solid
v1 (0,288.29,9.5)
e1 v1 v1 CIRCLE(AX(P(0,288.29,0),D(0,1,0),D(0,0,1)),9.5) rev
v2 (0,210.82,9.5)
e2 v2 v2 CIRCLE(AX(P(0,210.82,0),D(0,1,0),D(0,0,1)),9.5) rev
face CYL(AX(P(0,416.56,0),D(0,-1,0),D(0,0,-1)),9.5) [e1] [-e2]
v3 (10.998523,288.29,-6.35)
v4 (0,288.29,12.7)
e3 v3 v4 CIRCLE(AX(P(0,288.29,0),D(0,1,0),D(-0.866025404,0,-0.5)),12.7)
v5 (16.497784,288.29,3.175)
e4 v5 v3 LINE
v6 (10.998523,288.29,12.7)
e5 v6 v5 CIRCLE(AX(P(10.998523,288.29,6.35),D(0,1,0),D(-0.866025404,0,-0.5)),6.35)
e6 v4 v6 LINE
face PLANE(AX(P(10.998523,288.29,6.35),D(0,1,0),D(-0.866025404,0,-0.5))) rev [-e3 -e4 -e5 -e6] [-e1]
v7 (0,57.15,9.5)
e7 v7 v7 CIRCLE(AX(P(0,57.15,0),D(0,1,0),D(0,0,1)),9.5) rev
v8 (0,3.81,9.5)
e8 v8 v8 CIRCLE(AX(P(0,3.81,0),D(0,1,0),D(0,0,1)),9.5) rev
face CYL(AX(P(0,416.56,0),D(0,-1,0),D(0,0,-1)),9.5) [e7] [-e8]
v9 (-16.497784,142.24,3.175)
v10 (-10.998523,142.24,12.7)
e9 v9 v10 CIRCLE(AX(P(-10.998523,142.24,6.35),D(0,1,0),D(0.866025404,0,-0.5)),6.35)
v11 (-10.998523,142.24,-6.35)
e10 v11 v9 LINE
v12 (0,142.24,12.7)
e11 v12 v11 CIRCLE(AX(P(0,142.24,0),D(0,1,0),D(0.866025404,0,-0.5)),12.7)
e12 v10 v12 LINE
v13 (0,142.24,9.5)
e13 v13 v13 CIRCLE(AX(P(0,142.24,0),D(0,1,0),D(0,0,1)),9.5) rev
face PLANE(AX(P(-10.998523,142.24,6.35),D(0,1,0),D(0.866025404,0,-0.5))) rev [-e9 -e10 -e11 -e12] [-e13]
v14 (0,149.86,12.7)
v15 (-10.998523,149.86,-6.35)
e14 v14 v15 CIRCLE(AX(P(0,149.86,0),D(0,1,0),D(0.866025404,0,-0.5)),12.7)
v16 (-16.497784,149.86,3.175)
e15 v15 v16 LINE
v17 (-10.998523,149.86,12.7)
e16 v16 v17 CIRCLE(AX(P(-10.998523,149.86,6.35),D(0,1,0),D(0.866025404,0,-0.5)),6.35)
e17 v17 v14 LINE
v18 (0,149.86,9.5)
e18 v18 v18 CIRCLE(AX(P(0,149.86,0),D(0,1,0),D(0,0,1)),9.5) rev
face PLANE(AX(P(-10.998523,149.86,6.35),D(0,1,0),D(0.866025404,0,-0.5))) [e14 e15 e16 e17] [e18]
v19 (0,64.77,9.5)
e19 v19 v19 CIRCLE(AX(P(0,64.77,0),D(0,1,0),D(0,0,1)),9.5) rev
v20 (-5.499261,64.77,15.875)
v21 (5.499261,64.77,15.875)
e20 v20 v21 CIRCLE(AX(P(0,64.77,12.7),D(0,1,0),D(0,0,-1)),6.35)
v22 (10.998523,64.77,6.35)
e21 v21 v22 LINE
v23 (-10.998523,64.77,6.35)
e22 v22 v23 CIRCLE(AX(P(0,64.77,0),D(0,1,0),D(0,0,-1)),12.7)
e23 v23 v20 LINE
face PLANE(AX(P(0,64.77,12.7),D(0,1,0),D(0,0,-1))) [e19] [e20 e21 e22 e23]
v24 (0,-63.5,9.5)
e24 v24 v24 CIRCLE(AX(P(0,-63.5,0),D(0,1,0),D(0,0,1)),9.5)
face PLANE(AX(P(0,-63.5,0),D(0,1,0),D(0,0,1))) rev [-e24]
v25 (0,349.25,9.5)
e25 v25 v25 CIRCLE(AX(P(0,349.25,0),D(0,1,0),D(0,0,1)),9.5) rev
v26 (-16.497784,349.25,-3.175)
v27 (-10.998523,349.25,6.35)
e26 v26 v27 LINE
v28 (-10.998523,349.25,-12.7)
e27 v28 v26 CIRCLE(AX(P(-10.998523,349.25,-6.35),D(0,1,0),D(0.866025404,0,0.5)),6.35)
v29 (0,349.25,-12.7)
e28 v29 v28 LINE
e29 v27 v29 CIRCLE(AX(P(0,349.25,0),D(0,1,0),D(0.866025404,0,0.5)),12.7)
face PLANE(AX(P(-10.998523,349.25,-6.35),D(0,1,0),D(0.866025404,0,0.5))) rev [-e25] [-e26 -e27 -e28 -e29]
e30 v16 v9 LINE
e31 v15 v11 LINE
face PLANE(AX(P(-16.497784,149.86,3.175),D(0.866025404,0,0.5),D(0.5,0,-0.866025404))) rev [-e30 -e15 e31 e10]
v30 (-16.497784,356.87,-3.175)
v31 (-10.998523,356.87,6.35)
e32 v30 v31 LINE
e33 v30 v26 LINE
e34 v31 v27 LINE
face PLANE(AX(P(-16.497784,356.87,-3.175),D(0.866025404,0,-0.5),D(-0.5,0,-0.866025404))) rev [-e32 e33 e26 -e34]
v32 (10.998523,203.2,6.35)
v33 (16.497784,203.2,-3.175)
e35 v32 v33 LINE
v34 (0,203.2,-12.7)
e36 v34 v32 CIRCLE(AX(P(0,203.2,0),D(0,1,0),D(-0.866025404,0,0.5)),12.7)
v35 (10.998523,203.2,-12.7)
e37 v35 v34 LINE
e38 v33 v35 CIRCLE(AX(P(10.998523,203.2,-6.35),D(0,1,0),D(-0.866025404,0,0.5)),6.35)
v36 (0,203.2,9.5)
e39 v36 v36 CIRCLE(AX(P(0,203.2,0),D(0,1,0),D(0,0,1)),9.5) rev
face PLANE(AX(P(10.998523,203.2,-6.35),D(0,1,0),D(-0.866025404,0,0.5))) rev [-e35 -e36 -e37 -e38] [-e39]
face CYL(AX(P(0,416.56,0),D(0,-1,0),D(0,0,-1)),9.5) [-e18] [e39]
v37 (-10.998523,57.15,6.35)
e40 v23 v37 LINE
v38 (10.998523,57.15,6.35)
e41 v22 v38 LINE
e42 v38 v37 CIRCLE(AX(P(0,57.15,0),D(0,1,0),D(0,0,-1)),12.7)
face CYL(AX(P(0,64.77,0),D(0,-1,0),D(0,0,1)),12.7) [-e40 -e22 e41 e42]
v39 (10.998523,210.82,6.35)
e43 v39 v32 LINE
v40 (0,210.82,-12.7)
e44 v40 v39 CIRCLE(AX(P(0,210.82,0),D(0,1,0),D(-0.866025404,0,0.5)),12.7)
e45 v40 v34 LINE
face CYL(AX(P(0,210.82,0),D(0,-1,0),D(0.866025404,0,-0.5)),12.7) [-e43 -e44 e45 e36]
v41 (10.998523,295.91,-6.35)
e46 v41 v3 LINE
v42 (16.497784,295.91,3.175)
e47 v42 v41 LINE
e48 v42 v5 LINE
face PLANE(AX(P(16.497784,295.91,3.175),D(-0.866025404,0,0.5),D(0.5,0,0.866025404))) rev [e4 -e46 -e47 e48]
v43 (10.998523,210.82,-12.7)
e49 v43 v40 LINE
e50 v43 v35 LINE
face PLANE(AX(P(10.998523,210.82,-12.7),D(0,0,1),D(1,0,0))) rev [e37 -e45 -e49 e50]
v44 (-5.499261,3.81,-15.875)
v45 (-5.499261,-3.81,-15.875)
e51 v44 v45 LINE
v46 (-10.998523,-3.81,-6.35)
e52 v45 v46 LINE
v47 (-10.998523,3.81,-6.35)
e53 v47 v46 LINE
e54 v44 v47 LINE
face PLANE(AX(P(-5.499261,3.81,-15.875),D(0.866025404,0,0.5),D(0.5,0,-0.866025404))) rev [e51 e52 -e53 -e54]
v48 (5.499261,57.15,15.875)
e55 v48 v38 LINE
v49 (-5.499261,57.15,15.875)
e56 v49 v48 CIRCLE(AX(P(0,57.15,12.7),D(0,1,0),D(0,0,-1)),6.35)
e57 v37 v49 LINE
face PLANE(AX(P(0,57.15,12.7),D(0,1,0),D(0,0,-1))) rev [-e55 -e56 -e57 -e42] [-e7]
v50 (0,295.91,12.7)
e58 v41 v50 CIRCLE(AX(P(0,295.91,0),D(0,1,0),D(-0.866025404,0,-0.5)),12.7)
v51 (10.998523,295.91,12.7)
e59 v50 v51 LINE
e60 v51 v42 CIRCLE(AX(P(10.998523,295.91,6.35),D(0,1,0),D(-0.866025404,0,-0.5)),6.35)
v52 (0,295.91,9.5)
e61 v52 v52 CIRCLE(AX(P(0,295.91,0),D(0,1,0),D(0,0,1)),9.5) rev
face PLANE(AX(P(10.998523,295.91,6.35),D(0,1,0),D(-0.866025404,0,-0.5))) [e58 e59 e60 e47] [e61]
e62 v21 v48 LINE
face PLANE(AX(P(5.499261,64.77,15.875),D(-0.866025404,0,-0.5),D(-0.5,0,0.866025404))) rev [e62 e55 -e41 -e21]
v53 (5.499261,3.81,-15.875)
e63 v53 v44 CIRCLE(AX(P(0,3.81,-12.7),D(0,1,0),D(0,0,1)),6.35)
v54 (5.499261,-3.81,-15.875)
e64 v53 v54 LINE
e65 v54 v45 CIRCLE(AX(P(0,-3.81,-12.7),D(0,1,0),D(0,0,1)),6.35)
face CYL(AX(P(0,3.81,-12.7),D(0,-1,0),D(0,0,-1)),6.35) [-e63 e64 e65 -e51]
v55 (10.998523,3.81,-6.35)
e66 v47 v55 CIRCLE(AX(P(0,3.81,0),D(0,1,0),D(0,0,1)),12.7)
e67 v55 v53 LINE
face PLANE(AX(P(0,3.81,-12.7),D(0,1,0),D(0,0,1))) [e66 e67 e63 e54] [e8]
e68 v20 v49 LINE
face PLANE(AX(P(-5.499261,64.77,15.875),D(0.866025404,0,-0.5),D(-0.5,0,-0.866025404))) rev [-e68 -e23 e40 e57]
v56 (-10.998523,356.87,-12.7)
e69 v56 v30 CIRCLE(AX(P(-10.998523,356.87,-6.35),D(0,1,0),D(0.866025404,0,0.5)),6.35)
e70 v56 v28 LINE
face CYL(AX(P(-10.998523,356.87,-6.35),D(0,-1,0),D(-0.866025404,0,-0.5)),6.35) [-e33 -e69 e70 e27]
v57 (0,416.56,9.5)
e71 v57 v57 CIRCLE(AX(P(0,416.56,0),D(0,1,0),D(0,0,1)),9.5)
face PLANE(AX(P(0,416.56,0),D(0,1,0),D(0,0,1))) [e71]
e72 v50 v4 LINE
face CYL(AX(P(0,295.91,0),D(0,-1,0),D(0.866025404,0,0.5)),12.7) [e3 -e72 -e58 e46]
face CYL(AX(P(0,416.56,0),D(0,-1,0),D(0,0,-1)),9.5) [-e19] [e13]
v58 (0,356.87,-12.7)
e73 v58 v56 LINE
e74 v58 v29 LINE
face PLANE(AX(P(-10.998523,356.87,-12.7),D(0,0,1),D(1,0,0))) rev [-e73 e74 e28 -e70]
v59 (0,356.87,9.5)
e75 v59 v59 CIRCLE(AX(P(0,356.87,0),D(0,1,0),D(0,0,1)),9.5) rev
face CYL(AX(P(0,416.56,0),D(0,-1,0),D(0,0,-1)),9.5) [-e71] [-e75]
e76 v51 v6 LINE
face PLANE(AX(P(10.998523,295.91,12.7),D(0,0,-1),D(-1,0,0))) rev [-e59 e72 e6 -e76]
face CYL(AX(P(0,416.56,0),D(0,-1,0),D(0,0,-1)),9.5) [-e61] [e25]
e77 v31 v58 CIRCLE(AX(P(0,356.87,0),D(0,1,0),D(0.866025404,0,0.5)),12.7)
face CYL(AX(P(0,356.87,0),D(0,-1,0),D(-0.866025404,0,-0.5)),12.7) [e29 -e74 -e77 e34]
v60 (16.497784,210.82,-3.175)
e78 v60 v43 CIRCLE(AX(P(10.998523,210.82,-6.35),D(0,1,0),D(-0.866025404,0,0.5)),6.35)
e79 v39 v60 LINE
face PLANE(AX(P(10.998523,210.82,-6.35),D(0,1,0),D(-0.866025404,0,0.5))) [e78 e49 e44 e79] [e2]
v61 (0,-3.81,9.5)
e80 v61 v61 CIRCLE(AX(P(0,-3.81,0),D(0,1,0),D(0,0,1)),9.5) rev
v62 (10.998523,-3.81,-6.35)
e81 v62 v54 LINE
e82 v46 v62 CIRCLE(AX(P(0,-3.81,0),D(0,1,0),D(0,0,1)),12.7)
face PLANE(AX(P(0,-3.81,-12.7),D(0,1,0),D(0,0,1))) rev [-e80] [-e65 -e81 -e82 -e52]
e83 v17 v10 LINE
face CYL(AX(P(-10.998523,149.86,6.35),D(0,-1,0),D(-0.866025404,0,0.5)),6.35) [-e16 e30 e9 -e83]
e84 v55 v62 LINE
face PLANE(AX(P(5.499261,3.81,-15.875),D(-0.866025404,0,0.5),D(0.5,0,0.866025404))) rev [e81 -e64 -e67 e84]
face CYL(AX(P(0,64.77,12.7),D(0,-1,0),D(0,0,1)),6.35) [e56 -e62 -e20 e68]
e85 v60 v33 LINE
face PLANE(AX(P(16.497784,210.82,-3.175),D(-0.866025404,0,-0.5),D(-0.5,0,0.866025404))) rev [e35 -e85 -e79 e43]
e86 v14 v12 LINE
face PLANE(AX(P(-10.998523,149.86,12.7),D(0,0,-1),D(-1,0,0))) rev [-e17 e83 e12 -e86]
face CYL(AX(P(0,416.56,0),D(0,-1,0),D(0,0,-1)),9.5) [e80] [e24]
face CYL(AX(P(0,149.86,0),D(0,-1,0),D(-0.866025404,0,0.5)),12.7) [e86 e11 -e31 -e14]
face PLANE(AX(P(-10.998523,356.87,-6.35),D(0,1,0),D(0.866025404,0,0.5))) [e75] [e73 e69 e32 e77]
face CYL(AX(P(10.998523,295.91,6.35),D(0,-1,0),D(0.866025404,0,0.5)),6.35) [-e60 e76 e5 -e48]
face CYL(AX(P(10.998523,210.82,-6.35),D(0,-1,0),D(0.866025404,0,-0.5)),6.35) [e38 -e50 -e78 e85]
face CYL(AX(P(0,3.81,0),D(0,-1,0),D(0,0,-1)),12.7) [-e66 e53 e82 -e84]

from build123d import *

# Parameters (mm, degrees)
BOSS_EXTRUDE1_DEPTH   = 3.81
LPATTERN1_COUNT       = 2
LPATTERN1_PITCH       = 60.96
BODY_MOVE_COPY1_ANGLE = 180
LPATTERN2_COUNT       = 3
LPATTERN2_PITCH       = 146.05
BODY_MOVE_COPY2_ANGLE = 120
BODY_MOVE_COPY3_ANGLE = 120
BOSS_EXTRUDE2_START   = -63.5
SKETCH2_R             = 9.5
BOSS_EXTRUDE2_DEPTH   = 480.06


with BuildPart() as part:
    # Sketch1 → Boss-Extrude1 (new, symmetric)
    with BuildSketch(Plane(origin=(0, 0, 0), x_dir=(1, 0, 0), z_dir=(0, 1, 0))):
        with BuildLine():
            Line((-5.499261314, 15.875), (-10.998522628, 6.35))
            ThreePointArc((-10.998522628, 6.35), (0, -12.7), (10.998522628, 6.35))
            Line((10.998522628, 6.35), (5.499261314, 15.875))
            ThreePointArc((5.499261314, 15.875), (0, 19.05), (-5.499261314, 15.875))
        make_face()
    extrude(amount=BOSS_EXTRUDE1_DEPTH, both=True)


with BuildPart() as lpattern1_1:
    # LPattern1: pattern copy
    add(part.part.moved(Location(Vector(0, 1, 0) * (1 * LPATTERN1_PITCH))))


with BuildPart() as lpattern1_1_1:
    # Body-Move/Copy1: moved
    add(lpattern1_1.part.rotate(Axis((0, 0, 0), (0, 1, 0)), BODY_MOVE_COPY1_ANGLE))


with BuildPart() as lpattern2_1:
    # LPattern2: pattern copy
    add(part.part.moved(Location(Vector(0, 1, 0) * (1 * LPATTERN2_PITCH))))


with BuildPart() as lpattern2_2:
    # LPattern2: pattern copy
    add(part.part.moved(Location(Vector(0, 1, 0) * (2 * LPATTERN2_PITCH))))


with BuildPart() as lpattern2_3:
    # LPattern2: pattern copy
    add(lpattern1_1_1.part.moved(Location(Vector(0, 1, 0) * (1 * LPATTERN2_PITCH))))


with BuildPart() as lpattern2_4:
    # LPattern2: pattern copy
    add(lpattern1_1_1.part.moved(Location(Vector(0, 1, 0) * (2 * LPATTERN2_PITCH))))


with BuildPart() as lpattern2_3_1:
    # Body-Move/Copy2: moved
    add(lpattern2_3.part.rotate(Axis((0, 0, 0), (0, 1, 0)), BODY_MOVE_COPY2_ANGLE))


with BuildPart() as lpattern2_1_1:
    # Body-Move/Copy2: moved
    add(lpattern2_1.part.rotate(Axis((0, 0, 0), (0, 1, 0)), BODY_MOVE_COPY2_ANGLE))


with BuildPart() as lpattern2_4_1:
    # Body-Move/Copy3: moved
    add(lpattern2_4.part.rotate(Axis((0, 0, 0), (0, -1, 0)), BODY_MOVE_COPY3_ANGLE))


with BuildPart() as lpattern2_2_1:
    # Body-Move/Copy3: moved
    add(lpattern2_2.part.rotate(Axis((0, 0, 0), (0, -1, 0)), BODY_MOVE_COPY3_ANGLE))


with BuildPart() as part_1:
    add(part.part)

    # Sketch2 → Boss-Extrude2 (add)
    with BuildSketch(Plane(origin=(0, 0, 0), x_dir=(1, 0, 0), z_dir=(0, 1, 0)).offset(BOSS_EXTRUDE2_START)):
        Circle(SKETCH2_R)
    extrude(amount=BOSS_EXTRUDE2_DEPTH)


with BuildPart() as lpattern1_1_2:
    add(lpattern1_1_1.part)

    # Combine1: union LPattern2_3, LPattern2_1, LPattern2_4, LPattern2_2, part
    add(lpattern2_3_1.part)
    add(lpattern2_1_1.part)
    add(lpattern2_4_1.part)
    add(lpattern2_2_1.part)
    add(part_1.part)


solid = lpattern1_1_2.part
